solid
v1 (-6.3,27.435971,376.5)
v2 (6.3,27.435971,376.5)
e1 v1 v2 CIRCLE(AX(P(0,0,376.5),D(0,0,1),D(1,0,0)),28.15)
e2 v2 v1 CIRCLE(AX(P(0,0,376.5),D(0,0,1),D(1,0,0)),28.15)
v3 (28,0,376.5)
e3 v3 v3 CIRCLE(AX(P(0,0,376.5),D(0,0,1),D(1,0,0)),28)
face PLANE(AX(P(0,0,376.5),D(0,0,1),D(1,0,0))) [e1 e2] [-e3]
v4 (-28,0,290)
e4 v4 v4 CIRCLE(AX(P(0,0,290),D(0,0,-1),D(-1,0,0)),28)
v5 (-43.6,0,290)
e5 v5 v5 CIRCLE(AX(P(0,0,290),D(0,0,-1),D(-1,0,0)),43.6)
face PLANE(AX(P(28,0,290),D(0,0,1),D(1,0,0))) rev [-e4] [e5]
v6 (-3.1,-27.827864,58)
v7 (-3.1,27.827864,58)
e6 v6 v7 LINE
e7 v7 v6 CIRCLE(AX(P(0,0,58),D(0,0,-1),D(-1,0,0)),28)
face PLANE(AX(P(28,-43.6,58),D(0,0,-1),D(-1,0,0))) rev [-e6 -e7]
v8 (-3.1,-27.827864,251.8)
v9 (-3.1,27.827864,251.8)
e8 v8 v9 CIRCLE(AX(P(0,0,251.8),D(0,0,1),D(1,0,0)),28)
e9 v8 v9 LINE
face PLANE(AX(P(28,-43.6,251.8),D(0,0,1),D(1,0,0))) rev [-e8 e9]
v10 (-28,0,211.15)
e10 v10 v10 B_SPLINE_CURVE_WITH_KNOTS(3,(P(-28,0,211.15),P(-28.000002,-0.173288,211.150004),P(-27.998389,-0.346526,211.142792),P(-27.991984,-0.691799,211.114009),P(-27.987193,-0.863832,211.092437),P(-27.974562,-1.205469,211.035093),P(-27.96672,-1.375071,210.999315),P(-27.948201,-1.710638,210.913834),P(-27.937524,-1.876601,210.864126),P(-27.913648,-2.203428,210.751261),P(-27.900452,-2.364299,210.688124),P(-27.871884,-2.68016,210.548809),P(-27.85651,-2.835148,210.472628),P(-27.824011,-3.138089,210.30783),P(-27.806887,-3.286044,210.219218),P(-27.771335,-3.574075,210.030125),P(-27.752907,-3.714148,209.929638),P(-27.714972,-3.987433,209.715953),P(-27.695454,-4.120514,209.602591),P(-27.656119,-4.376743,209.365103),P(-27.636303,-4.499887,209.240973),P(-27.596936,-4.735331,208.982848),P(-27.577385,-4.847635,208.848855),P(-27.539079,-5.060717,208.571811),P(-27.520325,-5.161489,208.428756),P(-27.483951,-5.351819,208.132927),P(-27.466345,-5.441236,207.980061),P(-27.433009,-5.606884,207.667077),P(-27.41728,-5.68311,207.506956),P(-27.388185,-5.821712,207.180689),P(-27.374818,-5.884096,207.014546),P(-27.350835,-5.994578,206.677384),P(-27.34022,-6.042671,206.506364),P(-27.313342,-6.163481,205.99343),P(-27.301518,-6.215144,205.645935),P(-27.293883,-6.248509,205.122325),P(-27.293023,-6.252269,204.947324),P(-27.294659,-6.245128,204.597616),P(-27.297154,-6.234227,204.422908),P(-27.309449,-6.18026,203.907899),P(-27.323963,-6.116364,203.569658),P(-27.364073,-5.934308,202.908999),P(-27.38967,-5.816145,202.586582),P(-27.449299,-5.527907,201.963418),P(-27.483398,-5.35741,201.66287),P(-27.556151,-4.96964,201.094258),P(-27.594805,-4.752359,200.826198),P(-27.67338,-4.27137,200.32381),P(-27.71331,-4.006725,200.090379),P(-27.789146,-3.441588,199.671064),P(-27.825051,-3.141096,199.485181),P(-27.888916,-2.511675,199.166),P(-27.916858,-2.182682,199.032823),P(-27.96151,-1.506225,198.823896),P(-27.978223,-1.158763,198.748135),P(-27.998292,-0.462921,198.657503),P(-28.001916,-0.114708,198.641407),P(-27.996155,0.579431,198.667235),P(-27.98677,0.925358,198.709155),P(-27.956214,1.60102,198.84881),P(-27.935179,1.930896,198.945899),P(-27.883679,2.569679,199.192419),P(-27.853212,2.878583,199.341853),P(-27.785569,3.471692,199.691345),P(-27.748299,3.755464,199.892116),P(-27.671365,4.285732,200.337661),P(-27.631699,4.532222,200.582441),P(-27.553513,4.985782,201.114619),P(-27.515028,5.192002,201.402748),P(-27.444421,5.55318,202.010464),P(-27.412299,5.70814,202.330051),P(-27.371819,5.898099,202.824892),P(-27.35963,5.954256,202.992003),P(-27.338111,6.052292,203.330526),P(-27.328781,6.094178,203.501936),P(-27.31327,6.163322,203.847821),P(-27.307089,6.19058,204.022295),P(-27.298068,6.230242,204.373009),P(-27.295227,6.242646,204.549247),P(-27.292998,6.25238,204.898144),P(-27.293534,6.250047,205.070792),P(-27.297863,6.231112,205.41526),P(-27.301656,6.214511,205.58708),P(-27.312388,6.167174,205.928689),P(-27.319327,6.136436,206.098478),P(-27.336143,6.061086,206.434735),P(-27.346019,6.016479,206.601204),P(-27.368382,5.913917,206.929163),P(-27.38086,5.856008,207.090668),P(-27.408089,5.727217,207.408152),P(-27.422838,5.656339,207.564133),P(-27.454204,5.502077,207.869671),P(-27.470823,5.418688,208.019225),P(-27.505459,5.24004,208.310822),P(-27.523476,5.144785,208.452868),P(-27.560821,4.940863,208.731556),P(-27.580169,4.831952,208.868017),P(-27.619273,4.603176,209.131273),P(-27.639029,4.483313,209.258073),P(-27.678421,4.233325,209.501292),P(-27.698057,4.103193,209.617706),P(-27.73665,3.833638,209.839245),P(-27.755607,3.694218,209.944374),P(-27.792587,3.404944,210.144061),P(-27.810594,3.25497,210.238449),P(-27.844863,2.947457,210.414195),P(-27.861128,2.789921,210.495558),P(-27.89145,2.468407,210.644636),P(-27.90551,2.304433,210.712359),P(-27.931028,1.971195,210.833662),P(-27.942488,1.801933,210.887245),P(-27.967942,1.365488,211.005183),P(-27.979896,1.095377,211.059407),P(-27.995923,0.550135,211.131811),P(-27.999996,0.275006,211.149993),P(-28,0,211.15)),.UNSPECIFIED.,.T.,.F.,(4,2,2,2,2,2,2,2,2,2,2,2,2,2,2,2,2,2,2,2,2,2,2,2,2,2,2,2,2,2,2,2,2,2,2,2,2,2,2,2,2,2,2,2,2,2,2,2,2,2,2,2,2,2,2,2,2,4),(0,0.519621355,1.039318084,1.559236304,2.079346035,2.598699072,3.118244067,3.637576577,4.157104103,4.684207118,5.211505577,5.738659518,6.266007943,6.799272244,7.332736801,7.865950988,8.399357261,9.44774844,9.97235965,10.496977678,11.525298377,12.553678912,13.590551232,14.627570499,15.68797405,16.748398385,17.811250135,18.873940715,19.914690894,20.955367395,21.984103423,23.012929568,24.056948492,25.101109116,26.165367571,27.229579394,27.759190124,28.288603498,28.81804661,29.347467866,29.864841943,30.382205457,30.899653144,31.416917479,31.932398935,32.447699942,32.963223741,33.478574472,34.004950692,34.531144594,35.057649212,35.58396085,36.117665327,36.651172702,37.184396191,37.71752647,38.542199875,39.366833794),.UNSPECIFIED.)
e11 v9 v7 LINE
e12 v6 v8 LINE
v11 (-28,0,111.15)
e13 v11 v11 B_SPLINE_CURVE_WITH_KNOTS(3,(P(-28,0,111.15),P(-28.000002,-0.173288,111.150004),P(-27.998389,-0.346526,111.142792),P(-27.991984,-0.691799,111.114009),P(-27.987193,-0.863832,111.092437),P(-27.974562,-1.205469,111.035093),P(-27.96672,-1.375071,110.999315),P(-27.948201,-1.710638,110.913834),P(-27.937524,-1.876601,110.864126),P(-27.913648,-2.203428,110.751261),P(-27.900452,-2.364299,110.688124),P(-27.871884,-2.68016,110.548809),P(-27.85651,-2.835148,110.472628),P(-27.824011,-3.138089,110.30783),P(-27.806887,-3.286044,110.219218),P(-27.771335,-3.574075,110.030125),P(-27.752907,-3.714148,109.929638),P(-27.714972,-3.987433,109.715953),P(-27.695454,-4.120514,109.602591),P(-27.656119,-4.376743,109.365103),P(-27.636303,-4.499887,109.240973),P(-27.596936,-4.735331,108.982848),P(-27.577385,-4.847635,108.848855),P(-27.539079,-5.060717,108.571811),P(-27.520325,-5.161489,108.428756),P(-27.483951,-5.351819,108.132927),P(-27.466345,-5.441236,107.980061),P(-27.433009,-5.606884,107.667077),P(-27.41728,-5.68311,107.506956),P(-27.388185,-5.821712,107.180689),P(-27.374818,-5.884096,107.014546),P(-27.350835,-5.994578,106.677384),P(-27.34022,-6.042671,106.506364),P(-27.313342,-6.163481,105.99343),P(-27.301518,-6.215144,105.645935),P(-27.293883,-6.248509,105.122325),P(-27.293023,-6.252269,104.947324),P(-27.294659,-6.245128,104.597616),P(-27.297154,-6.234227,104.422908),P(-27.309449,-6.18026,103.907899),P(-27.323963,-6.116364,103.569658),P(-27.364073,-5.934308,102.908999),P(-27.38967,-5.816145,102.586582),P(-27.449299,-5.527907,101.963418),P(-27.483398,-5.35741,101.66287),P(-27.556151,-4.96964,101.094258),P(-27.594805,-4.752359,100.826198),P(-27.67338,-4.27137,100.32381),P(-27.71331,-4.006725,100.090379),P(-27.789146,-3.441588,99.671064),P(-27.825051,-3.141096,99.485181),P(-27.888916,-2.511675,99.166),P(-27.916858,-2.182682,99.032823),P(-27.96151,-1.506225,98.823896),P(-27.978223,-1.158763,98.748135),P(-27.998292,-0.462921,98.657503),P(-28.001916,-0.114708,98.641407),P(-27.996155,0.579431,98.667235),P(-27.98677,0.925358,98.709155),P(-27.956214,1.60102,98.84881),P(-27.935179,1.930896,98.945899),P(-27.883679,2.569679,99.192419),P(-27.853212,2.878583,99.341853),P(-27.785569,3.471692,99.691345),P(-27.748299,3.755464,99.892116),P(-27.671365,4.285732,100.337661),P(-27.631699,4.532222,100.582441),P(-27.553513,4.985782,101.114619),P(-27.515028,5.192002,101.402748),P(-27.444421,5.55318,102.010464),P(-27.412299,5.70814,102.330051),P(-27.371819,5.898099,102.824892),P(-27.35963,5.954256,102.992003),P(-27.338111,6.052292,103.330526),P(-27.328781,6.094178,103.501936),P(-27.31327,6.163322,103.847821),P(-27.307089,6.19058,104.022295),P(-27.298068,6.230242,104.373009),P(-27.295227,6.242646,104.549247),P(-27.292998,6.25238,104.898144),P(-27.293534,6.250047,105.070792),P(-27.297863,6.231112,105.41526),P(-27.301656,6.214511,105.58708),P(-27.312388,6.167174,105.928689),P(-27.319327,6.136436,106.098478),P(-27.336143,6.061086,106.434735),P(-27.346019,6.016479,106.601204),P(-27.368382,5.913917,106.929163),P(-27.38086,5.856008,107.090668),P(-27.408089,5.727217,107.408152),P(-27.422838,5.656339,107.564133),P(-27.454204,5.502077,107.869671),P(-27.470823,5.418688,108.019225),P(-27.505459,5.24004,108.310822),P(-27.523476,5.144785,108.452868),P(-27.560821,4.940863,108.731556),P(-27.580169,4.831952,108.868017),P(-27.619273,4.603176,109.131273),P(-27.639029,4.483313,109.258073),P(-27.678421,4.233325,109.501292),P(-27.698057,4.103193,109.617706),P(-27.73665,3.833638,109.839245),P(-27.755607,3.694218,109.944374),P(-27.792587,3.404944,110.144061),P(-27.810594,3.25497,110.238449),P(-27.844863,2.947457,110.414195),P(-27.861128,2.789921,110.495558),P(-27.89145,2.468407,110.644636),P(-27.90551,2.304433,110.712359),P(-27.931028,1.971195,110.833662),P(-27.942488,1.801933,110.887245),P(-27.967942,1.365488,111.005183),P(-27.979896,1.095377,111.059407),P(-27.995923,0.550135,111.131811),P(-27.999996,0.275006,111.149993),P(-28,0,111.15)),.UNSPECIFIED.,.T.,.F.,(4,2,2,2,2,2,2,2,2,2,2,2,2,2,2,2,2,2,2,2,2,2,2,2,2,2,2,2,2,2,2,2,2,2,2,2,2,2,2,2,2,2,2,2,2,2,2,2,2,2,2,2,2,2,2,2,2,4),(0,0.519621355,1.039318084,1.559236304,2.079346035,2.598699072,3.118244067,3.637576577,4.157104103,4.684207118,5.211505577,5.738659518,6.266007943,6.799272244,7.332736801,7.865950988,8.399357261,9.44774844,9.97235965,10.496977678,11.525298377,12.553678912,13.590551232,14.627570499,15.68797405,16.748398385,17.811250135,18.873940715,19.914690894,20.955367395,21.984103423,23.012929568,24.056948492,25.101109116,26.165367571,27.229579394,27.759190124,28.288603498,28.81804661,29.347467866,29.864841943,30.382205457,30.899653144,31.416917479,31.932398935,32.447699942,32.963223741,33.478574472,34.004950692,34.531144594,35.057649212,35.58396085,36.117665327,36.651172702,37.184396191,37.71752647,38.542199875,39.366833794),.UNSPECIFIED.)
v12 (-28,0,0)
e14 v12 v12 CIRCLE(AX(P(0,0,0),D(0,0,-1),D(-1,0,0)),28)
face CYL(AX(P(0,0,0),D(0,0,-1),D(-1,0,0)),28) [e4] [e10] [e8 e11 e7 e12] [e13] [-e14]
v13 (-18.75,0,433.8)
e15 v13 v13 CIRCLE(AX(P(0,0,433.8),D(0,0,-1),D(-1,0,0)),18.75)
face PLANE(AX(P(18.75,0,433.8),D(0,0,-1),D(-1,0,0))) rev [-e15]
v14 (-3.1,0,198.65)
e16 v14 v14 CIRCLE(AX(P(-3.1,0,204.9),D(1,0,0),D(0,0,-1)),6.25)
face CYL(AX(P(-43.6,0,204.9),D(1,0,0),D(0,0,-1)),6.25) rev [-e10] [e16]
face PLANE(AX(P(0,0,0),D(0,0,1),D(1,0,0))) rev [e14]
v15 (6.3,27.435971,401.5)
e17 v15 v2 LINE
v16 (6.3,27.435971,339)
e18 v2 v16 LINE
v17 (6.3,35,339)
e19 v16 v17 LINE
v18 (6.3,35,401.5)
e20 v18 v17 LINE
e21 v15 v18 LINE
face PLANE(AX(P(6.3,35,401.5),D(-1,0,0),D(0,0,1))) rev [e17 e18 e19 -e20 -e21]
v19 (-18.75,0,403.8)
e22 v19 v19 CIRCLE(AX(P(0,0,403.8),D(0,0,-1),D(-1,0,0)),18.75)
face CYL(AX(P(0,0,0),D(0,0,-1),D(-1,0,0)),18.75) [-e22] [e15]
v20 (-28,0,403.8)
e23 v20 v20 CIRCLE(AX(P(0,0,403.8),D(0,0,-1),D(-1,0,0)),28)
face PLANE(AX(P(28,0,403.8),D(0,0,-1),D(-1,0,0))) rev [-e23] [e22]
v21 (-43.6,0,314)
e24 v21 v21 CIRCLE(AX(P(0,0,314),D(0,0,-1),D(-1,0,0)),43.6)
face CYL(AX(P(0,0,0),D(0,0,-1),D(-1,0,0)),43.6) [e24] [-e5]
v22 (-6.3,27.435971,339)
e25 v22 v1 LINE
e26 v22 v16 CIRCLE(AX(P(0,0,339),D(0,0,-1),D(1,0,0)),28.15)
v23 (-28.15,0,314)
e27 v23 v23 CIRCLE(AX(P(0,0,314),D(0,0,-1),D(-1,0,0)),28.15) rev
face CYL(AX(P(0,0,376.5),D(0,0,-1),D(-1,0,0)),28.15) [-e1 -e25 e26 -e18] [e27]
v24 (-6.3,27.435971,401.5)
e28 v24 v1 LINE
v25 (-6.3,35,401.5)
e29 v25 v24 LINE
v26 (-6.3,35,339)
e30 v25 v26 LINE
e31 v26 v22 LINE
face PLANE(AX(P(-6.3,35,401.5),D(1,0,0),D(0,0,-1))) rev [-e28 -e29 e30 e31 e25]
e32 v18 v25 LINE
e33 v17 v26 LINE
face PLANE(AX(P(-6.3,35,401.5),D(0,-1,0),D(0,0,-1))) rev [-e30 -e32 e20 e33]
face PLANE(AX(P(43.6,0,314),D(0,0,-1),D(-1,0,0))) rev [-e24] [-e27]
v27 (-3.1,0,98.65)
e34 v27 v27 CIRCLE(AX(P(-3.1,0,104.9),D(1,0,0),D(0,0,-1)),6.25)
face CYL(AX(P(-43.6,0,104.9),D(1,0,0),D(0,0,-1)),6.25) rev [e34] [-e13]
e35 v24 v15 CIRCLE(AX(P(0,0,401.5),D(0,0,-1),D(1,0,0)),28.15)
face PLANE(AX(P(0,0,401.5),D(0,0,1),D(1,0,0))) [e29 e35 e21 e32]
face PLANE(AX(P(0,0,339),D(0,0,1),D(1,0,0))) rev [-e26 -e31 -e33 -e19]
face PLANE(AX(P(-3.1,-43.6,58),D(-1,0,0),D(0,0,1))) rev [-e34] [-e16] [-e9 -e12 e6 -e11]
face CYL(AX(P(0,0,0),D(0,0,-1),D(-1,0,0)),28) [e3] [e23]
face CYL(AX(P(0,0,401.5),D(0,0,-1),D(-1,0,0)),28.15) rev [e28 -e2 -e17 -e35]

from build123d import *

# Parameters (mm, degrees)
SKETCH2_R               = 28.15
BOSS_EXTRUDE1_DEPTH     = 62.5
BOSS_EXTRUDE2_START     = 25
BOSS_EXTRUDE2_DEPTH     = 62.5
SKETCH5_W               = 31.1
SKETCH5_H               = 193.8
CUT_EXTRUDE1_DEPTH      = 44.6
CUT_EXTRUDE1_DEPTH_BACK = 44.6
SKETCH6_R               = 6.25
CUT_EXTRUDE2_DEPTH      = 41.5


with BuildPart() as part:
    # Sketch1 → Revolve1 (revolve)
    with BuildSketch(Plane(origin=(0, 0, 0), x_dir=(1, 0, 0), z_dir=(0, 1, 0))):
        Polygon((0, 0), (28, 0), (28, -290), (43.6, -290), (43.6, -314), (28, -314), (28, -403.8), (18.75, -403.8), (18.75, -433.8), (0, -433.8), align=None)
    revolve(axis=Axis((0, 0, 0), (0, 0, 1)))

    # Sketch2 → Boss-Extrude1 (add)
    with BuildSketch(Plane.XY.offset(314)):
        Circle(SKETCH2_R)
    extrude(amount=BOSS_EXTRUDE1_DEPTH)

    # Sketch3 → Boss-Extrude2 (add)
    with BuildSketch(Plane.XY.offset(314).offset(BOSS_EXTRUDE2_START)):
        with BuildLine():
            Line((-6.3, 35), (6.3, 35))
            Line((6.3, 35), (6.3, 27.435970914))
            ThreePointArc((6.3, 27.435970914), (0, 28.15), (-6.3, 27.435970914))
            Line((-6.3, 27.435970914), (-6.3, 35))
        make_face()
    extrude(amount=BOSS_EXTRUDE2_DEPTH)

    # Sketch5 → Cut-Extrude1 (cut, two sides)
    with BuildSketch(Plane(origin=(0, 0, 0), x_dir=(1, 0, 0), z_dir=(0, 1, 0))) as cut_extrude1_sk:
        with Locations((12.45, -154.9)):
            Rectangle(SKETCH5_W, SKETCH5_H)
    extrude(amount=CUT_EXTRUDE1_DEPTH, mode=Mode.SUBTRACT)
    extrude(cut_extrude1_sk.sketch, amount=-CUT_EXTRUDE1_DEPTH_BACK, mode=Mode.SUBTRACT)

    # Sketch6 → Cut-Extrude2 (cut, through all)
    with BuildSketch(Plane(origin=(-3.1, 0, 0), x_dir=(0, 0, -1), z_dir=(1, 0, 0))):
        with Locations((-204.9, 0)):
            Circle(SKETCH6_R)
        with Locations((-104.9, 0)):
            Circle(SKETCH6_R)
    extrude(amount=-CUT_EXTRUDE2_DEPTH, mode=Mode.SUBTRACT)


solid = part.part
